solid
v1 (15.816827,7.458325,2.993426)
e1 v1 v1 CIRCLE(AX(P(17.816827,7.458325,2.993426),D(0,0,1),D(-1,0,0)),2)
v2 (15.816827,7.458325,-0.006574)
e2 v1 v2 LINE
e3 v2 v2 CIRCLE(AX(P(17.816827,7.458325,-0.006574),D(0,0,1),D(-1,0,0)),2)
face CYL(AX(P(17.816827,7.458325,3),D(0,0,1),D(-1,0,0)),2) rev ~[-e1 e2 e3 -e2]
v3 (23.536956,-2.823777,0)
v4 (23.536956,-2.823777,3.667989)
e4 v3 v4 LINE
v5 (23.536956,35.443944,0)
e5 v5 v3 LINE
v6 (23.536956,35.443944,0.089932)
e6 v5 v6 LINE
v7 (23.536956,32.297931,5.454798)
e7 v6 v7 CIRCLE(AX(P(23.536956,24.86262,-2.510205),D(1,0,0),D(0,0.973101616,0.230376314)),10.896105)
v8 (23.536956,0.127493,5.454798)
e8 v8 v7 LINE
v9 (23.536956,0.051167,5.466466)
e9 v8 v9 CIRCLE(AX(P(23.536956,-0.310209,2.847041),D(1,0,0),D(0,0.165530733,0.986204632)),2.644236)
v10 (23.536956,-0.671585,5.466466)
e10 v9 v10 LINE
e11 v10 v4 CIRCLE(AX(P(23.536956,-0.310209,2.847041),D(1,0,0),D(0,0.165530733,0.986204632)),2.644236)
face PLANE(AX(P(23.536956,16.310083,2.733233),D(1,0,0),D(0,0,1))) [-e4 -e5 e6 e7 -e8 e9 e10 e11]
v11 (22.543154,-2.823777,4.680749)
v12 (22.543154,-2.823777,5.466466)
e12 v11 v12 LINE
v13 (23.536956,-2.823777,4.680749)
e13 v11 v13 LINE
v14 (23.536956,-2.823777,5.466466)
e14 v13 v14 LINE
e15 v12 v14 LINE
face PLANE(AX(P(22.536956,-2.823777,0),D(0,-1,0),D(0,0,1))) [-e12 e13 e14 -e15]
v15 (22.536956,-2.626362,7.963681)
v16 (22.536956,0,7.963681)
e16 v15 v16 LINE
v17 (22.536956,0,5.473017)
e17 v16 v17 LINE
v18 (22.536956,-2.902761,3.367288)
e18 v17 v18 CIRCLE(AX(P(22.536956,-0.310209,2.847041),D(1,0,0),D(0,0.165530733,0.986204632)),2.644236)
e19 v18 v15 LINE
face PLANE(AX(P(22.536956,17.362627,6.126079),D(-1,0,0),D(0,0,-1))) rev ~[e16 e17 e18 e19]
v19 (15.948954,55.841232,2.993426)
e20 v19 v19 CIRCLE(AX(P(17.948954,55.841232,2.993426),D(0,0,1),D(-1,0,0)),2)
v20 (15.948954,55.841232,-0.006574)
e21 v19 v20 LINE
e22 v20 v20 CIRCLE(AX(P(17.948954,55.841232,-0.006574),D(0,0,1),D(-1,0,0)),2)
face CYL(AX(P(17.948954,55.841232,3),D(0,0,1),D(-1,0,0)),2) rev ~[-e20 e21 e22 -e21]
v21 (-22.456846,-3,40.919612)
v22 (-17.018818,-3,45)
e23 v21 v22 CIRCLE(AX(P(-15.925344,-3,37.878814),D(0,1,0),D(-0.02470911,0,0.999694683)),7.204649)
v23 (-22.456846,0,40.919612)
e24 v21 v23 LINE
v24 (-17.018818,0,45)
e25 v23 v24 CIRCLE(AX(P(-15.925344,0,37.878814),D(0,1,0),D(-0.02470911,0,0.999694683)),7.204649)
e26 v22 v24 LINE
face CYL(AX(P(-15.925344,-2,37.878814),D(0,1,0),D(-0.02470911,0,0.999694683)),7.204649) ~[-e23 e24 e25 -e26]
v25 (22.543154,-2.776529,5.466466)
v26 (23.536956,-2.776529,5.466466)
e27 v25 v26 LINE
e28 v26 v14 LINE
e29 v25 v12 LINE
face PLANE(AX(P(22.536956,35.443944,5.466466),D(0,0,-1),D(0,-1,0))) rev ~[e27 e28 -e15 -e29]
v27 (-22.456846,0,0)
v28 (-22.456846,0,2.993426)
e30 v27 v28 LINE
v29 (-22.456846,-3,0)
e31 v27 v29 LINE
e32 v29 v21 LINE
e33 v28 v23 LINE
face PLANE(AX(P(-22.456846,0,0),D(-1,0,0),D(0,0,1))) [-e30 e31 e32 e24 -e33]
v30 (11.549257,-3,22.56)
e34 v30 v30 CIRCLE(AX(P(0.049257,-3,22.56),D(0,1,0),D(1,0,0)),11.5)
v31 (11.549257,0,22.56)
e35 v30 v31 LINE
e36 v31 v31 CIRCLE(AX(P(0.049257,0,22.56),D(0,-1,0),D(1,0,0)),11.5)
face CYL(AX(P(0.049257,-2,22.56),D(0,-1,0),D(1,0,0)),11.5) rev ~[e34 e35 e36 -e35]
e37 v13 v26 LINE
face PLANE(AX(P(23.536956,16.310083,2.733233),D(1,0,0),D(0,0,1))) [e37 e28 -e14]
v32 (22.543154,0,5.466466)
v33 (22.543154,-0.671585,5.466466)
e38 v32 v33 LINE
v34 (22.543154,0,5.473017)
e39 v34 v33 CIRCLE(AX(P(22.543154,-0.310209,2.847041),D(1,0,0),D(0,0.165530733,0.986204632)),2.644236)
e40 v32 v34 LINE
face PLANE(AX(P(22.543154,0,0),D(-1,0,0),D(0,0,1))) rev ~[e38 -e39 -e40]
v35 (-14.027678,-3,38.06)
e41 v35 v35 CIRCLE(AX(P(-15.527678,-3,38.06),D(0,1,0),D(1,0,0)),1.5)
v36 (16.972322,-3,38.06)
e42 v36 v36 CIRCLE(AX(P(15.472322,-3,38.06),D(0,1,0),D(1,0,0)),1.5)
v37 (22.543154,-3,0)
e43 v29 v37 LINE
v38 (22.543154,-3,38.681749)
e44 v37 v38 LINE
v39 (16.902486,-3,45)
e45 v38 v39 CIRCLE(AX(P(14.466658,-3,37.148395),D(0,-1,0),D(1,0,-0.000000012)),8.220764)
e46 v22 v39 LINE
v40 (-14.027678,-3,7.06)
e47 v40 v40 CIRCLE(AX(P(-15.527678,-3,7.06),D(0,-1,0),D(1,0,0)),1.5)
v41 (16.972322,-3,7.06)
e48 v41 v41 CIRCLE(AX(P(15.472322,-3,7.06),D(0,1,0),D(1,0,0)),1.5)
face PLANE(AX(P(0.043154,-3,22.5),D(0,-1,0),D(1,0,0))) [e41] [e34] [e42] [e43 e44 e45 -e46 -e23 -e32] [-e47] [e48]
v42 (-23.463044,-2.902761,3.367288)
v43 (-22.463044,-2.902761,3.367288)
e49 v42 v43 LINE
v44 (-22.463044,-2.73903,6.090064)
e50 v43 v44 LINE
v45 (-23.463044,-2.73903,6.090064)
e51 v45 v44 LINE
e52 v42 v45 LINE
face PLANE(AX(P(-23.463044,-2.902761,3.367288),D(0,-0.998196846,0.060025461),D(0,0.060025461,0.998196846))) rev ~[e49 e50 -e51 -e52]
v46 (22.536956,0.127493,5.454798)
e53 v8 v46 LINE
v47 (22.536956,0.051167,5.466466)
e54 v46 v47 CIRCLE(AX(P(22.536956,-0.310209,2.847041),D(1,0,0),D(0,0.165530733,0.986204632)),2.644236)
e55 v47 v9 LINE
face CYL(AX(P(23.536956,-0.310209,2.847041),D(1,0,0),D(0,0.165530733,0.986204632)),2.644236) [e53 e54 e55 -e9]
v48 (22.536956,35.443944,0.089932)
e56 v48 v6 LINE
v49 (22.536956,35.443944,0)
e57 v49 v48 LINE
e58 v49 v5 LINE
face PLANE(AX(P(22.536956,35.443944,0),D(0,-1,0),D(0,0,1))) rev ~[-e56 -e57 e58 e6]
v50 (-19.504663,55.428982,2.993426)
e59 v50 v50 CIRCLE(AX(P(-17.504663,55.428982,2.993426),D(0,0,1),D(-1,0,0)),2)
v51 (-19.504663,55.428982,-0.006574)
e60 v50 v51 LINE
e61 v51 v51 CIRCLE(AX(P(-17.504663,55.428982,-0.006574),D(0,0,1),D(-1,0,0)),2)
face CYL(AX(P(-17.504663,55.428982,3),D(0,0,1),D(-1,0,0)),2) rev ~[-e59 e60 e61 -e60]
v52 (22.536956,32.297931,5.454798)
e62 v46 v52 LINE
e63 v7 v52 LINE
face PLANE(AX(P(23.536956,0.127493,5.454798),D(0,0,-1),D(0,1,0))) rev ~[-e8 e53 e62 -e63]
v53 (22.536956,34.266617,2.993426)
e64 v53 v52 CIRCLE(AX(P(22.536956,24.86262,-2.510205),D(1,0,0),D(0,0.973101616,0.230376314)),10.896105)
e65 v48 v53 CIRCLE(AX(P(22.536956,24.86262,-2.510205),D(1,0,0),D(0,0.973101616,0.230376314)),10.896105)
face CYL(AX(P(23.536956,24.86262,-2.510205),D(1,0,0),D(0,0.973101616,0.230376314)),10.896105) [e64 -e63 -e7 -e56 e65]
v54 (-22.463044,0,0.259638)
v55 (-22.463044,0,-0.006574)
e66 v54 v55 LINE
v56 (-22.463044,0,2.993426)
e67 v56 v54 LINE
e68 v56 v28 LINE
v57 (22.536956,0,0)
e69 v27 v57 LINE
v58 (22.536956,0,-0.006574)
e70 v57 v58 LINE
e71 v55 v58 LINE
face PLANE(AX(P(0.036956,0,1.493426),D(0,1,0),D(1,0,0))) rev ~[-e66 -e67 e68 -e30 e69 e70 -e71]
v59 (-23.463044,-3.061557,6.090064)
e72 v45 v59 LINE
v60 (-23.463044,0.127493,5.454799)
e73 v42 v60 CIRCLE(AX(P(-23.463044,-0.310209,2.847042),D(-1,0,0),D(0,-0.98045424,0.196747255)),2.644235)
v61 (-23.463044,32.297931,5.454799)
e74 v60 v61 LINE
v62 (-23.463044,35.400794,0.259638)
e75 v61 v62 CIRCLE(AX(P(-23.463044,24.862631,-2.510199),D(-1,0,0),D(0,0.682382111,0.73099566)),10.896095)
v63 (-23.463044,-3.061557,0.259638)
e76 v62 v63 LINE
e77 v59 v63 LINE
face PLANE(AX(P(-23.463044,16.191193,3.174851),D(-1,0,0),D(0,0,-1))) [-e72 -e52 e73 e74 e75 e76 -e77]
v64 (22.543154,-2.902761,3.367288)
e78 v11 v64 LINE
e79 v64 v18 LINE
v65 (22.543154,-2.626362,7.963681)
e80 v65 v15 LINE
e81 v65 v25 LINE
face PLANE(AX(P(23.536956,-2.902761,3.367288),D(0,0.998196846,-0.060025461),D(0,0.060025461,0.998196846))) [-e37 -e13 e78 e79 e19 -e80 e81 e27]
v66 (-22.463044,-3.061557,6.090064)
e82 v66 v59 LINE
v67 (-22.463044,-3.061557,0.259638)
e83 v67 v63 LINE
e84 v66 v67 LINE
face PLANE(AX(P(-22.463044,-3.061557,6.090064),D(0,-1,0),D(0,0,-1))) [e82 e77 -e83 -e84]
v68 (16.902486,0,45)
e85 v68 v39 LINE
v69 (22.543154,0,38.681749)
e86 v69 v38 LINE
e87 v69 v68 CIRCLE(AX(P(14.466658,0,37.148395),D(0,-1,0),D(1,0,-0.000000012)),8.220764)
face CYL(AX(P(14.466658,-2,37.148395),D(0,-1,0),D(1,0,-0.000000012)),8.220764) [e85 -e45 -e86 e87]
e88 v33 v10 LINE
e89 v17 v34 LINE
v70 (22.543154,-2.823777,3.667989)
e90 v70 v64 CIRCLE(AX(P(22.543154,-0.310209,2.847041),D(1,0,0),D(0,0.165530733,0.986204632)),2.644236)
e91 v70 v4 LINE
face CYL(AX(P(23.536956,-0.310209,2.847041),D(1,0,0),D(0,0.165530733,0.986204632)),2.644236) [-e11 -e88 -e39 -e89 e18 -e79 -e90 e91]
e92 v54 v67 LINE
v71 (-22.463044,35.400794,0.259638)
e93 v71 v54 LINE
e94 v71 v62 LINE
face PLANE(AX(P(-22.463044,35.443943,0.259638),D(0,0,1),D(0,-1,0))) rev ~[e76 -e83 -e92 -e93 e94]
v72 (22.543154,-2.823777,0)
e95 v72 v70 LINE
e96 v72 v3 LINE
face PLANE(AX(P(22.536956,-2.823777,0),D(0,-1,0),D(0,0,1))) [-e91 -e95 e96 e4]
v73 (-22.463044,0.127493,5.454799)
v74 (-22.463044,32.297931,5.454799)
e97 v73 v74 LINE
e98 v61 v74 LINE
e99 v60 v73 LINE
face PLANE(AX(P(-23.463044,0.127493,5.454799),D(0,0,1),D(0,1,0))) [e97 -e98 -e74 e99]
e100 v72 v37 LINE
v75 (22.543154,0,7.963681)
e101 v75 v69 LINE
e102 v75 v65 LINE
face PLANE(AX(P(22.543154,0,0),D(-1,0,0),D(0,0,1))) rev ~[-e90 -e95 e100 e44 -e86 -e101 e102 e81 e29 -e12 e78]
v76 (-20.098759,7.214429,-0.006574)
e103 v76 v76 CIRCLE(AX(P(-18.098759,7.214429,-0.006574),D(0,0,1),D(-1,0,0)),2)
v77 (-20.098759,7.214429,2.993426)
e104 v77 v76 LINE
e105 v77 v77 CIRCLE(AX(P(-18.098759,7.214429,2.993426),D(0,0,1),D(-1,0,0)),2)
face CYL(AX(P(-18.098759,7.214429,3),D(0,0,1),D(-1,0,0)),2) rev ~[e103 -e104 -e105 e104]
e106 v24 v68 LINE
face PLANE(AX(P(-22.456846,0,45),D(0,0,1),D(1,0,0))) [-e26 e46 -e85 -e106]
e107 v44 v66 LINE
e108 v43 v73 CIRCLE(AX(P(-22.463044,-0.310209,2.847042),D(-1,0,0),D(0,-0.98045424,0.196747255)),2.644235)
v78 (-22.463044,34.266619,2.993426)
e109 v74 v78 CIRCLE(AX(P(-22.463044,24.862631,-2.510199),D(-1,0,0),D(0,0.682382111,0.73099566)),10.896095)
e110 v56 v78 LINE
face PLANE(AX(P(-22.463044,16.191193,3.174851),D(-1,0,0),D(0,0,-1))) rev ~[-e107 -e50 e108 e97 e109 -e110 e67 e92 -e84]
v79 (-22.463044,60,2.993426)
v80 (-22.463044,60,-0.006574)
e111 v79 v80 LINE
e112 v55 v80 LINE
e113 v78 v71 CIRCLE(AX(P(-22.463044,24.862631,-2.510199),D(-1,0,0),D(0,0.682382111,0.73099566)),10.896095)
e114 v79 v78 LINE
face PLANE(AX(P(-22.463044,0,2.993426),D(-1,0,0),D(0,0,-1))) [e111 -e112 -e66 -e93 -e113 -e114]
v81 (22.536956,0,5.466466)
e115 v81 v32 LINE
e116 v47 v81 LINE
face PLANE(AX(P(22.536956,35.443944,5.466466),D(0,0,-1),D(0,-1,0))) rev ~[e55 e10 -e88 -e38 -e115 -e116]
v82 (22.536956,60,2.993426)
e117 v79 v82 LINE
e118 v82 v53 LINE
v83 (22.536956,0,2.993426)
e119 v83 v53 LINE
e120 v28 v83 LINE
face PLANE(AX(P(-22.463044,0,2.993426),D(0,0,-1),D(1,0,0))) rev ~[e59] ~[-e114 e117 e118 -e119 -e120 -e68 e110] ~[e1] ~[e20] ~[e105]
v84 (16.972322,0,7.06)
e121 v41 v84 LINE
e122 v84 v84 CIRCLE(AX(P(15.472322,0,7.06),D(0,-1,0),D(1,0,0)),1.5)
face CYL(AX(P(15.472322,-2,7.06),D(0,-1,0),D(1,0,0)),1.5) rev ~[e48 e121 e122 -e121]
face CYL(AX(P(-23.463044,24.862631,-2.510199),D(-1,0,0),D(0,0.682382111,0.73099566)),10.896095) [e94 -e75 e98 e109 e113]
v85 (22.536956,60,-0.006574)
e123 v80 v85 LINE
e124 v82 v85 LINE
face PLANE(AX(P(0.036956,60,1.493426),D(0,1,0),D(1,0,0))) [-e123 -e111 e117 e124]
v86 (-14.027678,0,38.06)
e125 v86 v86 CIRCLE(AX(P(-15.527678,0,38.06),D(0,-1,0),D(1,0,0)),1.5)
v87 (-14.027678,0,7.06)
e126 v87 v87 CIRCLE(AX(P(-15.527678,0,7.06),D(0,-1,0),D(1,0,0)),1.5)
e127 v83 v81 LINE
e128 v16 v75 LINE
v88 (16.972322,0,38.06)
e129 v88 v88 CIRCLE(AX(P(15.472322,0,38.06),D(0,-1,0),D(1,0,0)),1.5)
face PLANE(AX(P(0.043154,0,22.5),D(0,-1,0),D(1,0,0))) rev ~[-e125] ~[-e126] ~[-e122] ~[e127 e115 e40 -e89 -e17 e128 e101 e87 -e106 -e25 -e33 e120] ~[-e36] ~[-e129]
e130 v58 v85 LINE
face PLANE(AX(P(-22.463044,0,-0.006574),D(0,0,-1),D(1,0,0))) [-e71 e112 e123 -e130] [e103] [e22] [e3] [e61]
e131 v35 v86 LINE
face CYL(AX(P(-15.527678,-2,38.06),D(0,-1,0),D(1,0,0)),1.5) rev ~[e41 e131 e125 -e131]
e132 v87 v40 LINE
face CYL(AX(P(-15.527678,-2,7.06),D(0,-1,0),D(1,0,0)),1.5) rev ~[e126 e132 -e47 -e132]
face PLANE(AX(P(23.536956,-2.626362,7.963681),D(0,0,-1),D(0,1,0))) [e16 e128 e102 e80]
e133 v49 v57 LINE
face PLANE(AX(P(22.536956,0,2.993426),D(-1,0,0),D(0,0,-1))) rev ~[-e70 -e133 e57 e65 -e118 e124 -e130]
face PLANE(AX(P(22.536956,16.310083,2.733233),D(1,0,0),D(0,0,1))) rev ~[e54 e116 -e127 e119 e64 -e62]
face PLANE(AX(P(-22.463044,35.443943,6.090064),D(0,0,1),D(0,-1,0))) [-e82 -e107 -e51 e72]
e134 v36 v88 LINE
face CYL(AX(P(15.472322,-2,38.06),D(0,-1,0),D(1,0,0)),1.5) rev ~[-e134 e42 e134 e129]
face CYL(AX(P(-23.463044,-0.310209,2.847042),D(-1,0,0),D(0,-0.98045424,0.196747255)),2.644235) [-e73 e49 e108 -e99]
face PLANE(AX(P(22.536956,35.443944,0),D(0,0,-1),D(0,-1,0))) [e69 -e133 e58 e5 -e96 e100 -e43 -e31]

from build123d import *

# Parameters (mm, degrees)
SKETCH_W        = 45
SKETCH_H        = 45
PAD_DEPTH       = 3
SKETCH007_W     = 45
SKETCH007_H     = 3
PAD001_DEPTH    = 60
POCKET_DEPTH    = 2.5
SKETCH004_R     = 11.5
SKETCH004_R_2   = 1.5
POCKET001_DEPTH = 3
SKETCH005_R     = 2
POCKET002_DEPTH = 5
SKETCH008_W     = 5.466466
SKETCH008_H     = 38.267721
PAD002_DEPTH    = 1
POCKET003_DEPTH = 1
SKETCH010_W     = 5.830426
SKETCH010_H     = 38.5055
PAD003_DEPTH    = 1
POCKET004_DEPTH = 1


with BuildPart() as part:
    # Sketch → Pad (new body)
    with BuildSketch(Plane.XZ):
        with Locations((0.043154, 22.5)):
            Rectangle(SKETCH_W, SKETCH_H)
    extrude(amount=PAD_DEPTH)

    # Sketch007 (on Face5 of Pad) → Pad001 (join)
    with BuildSketch(Plane(origin=(0, 0, 0), x_dir=(1, 0, 0), z_dir=(0, 1, 0))):
        with Locations((0.036956, -1.493426)):
            Rectangle(SKETCH007_W, SKETCH007_H)
    extrude(amount=PAD001_DEPTH)

    # Sketch003 → Pocket (cut, symmetric)
    with BuildSketch(Plane.XZ.offset(2)):
        with BuildLine():
            ThreePointArc((-16.103364, 45.081264), (-21.082356, 42.909937), (-23.129993, 37.878814))
            Line((-23.129993, 37.878814), (-23.129993, 45.081264))
            Line((-16.103364, 45.081264), (-23.129993, 45.081264))
        make_face()
        with BuildLine():
            ThreePointArc((22.687422, 37.148395), (20.279616, 42.961353), (14.466658, 45.369159))
            Line((14.466658, 45.369159), (22.687422, 45.369159))
            Line((22.687422, 37.148395), (22.687422, 45.369159))
        make_face()
    extrude(amount=POCKET_DEPTH, both=True, mode=Mode.SUBTRACT)

    # Sketch004 → Pocket001 (cut, symmetric)
    with BuildSketch(Plane.XZ.offset(2)):
        with Locations((0.049257, 22.56)):
            Circle(SKETCH004_R)
        with Locations((15.472322, 7.06)):
            Circle(SKETCH004_R_2)
        with Locations((-15.527678, 38.06)):
            Circle(SKETCH004_R_2)
        with Locations((15.472322, 38.06)):
            Circle(SKETCH004_R_2)
        with Locations((-15.527678, 7.06)):
            Circle(SKETCH004_R_2)
    extrude(amount=POCKET001_DEPTH, both=True, mode=Mode.SUBTRACT)

    # Sketch005 → Pocket002 (cut)
    with BuildSketch(Plane(origin=(0, 0, 3), x_dir=(-1, 0, 0), z_dir=(0, 0, 1))):
        with Locations((-17.816827, -7.458325)):
            Circle(SKETCH005_R)
        with Locations((18.098759, -7.214429)):
            Circle(SKETCH005_R)
        with Locations((-17.948954, -55.841232)):
            Circle(SKETCH005_R)
        with Locations((17.504663, -55.428982)):
            Circle(SKETCH005_R)
    extrude(amount=-POCKET002_DEPTH, mode=Mode.SUBTRACT)

    # Sketch008 (on Face11 of Pocket002) → Pad002 (join)
    with BuildSketch(Plane(origin=(22.536956, 0, 0), x_dir=(0, 0, 1), z_dir=(1, 0, 0))):
        with Locations((2.733233, -16.310083)):
            Rectangle(SKETCH008_W, SKETCH008_H)
    extrude(amount=PAD002_DEPTH)

    # Sketch009 (on Face27 of Pad002) → Pocket003 (cut)
    with BuildSketch(Plane(origin=(23.536956, 0, 0), x_dir=(0, 0, 1), z_dir=(1, 0, 0))):
        with BuildLine():
            ThreePointArc((5.454798, -0.127493), (5.024588, 1.810299), (3.367288, 2.902761))
            Line((3.367288, 2.902761), (7.963681, 2.626362))
            Line((7.963681, 2.626362), (7.963681, -32.524605))
            Line((7.963681, -32.524605), (6.482224, -36.026234))
            Line((6.482224, -36.026234), (0, -35.465638))
            ThreePointArc((0, -35.465638), (2.96164, -34.285148), (5.454798, -32.297931))
            Line((5.454798, -0.127493), (5.454798, -32.297931))
        make_face()
    extrude(amount=-POCKET003_DEPTH, mode=Mode.SUBTRACT)

    # Sketch010 (on Face2 of Pocket003) → Pad003 (join)
    with BuildSketch(Plane(origin=(-22.463044, 0, 0), x_dir=(0, 0, -1), z_dir=(-1, 0, 0))):
        with Locations((-3.174851, -16.191193)):
            Rectangle(SKETCH010_W, SKETCH010_H)
    extrude(amount=PAD003_DEPTH)

    # Sketch011 (on Face27 of Pad003) → Pocket004 (cut)
    with BuildSketch(Plane(origin=(-23.463044, 0, 0), x_dir=(0, 0, -1), z_dir=(-1, 0, 0))):
        with BuildLine():
            ThreePointArc((-3.367288, 2.902761), (-5.024589, 1.810299), (-5.454799, -0.127493))
            Line((-5.454799, -0.127493), (-5.454799, -32.297931))
            ThreePointArc((-5.454799, -32.297931), (-2.961641, -34.285149), (0, -35.465639))
            Line((-6.482224, -36.026234), (0, -35.465639))
            Line((-7.963681, -32.524605), (-6.482224, -36.026234))
            Line((-7.963681, 2.626362), (-7.963681, -32.524605))
            Line((-3.367288, 2.902761), (-7.963681, 2.626362))
        make_face()
    extrude(amount=-POCKET004_DEPTH, mode=Mode.SUBTRACT)


solid = part.part
